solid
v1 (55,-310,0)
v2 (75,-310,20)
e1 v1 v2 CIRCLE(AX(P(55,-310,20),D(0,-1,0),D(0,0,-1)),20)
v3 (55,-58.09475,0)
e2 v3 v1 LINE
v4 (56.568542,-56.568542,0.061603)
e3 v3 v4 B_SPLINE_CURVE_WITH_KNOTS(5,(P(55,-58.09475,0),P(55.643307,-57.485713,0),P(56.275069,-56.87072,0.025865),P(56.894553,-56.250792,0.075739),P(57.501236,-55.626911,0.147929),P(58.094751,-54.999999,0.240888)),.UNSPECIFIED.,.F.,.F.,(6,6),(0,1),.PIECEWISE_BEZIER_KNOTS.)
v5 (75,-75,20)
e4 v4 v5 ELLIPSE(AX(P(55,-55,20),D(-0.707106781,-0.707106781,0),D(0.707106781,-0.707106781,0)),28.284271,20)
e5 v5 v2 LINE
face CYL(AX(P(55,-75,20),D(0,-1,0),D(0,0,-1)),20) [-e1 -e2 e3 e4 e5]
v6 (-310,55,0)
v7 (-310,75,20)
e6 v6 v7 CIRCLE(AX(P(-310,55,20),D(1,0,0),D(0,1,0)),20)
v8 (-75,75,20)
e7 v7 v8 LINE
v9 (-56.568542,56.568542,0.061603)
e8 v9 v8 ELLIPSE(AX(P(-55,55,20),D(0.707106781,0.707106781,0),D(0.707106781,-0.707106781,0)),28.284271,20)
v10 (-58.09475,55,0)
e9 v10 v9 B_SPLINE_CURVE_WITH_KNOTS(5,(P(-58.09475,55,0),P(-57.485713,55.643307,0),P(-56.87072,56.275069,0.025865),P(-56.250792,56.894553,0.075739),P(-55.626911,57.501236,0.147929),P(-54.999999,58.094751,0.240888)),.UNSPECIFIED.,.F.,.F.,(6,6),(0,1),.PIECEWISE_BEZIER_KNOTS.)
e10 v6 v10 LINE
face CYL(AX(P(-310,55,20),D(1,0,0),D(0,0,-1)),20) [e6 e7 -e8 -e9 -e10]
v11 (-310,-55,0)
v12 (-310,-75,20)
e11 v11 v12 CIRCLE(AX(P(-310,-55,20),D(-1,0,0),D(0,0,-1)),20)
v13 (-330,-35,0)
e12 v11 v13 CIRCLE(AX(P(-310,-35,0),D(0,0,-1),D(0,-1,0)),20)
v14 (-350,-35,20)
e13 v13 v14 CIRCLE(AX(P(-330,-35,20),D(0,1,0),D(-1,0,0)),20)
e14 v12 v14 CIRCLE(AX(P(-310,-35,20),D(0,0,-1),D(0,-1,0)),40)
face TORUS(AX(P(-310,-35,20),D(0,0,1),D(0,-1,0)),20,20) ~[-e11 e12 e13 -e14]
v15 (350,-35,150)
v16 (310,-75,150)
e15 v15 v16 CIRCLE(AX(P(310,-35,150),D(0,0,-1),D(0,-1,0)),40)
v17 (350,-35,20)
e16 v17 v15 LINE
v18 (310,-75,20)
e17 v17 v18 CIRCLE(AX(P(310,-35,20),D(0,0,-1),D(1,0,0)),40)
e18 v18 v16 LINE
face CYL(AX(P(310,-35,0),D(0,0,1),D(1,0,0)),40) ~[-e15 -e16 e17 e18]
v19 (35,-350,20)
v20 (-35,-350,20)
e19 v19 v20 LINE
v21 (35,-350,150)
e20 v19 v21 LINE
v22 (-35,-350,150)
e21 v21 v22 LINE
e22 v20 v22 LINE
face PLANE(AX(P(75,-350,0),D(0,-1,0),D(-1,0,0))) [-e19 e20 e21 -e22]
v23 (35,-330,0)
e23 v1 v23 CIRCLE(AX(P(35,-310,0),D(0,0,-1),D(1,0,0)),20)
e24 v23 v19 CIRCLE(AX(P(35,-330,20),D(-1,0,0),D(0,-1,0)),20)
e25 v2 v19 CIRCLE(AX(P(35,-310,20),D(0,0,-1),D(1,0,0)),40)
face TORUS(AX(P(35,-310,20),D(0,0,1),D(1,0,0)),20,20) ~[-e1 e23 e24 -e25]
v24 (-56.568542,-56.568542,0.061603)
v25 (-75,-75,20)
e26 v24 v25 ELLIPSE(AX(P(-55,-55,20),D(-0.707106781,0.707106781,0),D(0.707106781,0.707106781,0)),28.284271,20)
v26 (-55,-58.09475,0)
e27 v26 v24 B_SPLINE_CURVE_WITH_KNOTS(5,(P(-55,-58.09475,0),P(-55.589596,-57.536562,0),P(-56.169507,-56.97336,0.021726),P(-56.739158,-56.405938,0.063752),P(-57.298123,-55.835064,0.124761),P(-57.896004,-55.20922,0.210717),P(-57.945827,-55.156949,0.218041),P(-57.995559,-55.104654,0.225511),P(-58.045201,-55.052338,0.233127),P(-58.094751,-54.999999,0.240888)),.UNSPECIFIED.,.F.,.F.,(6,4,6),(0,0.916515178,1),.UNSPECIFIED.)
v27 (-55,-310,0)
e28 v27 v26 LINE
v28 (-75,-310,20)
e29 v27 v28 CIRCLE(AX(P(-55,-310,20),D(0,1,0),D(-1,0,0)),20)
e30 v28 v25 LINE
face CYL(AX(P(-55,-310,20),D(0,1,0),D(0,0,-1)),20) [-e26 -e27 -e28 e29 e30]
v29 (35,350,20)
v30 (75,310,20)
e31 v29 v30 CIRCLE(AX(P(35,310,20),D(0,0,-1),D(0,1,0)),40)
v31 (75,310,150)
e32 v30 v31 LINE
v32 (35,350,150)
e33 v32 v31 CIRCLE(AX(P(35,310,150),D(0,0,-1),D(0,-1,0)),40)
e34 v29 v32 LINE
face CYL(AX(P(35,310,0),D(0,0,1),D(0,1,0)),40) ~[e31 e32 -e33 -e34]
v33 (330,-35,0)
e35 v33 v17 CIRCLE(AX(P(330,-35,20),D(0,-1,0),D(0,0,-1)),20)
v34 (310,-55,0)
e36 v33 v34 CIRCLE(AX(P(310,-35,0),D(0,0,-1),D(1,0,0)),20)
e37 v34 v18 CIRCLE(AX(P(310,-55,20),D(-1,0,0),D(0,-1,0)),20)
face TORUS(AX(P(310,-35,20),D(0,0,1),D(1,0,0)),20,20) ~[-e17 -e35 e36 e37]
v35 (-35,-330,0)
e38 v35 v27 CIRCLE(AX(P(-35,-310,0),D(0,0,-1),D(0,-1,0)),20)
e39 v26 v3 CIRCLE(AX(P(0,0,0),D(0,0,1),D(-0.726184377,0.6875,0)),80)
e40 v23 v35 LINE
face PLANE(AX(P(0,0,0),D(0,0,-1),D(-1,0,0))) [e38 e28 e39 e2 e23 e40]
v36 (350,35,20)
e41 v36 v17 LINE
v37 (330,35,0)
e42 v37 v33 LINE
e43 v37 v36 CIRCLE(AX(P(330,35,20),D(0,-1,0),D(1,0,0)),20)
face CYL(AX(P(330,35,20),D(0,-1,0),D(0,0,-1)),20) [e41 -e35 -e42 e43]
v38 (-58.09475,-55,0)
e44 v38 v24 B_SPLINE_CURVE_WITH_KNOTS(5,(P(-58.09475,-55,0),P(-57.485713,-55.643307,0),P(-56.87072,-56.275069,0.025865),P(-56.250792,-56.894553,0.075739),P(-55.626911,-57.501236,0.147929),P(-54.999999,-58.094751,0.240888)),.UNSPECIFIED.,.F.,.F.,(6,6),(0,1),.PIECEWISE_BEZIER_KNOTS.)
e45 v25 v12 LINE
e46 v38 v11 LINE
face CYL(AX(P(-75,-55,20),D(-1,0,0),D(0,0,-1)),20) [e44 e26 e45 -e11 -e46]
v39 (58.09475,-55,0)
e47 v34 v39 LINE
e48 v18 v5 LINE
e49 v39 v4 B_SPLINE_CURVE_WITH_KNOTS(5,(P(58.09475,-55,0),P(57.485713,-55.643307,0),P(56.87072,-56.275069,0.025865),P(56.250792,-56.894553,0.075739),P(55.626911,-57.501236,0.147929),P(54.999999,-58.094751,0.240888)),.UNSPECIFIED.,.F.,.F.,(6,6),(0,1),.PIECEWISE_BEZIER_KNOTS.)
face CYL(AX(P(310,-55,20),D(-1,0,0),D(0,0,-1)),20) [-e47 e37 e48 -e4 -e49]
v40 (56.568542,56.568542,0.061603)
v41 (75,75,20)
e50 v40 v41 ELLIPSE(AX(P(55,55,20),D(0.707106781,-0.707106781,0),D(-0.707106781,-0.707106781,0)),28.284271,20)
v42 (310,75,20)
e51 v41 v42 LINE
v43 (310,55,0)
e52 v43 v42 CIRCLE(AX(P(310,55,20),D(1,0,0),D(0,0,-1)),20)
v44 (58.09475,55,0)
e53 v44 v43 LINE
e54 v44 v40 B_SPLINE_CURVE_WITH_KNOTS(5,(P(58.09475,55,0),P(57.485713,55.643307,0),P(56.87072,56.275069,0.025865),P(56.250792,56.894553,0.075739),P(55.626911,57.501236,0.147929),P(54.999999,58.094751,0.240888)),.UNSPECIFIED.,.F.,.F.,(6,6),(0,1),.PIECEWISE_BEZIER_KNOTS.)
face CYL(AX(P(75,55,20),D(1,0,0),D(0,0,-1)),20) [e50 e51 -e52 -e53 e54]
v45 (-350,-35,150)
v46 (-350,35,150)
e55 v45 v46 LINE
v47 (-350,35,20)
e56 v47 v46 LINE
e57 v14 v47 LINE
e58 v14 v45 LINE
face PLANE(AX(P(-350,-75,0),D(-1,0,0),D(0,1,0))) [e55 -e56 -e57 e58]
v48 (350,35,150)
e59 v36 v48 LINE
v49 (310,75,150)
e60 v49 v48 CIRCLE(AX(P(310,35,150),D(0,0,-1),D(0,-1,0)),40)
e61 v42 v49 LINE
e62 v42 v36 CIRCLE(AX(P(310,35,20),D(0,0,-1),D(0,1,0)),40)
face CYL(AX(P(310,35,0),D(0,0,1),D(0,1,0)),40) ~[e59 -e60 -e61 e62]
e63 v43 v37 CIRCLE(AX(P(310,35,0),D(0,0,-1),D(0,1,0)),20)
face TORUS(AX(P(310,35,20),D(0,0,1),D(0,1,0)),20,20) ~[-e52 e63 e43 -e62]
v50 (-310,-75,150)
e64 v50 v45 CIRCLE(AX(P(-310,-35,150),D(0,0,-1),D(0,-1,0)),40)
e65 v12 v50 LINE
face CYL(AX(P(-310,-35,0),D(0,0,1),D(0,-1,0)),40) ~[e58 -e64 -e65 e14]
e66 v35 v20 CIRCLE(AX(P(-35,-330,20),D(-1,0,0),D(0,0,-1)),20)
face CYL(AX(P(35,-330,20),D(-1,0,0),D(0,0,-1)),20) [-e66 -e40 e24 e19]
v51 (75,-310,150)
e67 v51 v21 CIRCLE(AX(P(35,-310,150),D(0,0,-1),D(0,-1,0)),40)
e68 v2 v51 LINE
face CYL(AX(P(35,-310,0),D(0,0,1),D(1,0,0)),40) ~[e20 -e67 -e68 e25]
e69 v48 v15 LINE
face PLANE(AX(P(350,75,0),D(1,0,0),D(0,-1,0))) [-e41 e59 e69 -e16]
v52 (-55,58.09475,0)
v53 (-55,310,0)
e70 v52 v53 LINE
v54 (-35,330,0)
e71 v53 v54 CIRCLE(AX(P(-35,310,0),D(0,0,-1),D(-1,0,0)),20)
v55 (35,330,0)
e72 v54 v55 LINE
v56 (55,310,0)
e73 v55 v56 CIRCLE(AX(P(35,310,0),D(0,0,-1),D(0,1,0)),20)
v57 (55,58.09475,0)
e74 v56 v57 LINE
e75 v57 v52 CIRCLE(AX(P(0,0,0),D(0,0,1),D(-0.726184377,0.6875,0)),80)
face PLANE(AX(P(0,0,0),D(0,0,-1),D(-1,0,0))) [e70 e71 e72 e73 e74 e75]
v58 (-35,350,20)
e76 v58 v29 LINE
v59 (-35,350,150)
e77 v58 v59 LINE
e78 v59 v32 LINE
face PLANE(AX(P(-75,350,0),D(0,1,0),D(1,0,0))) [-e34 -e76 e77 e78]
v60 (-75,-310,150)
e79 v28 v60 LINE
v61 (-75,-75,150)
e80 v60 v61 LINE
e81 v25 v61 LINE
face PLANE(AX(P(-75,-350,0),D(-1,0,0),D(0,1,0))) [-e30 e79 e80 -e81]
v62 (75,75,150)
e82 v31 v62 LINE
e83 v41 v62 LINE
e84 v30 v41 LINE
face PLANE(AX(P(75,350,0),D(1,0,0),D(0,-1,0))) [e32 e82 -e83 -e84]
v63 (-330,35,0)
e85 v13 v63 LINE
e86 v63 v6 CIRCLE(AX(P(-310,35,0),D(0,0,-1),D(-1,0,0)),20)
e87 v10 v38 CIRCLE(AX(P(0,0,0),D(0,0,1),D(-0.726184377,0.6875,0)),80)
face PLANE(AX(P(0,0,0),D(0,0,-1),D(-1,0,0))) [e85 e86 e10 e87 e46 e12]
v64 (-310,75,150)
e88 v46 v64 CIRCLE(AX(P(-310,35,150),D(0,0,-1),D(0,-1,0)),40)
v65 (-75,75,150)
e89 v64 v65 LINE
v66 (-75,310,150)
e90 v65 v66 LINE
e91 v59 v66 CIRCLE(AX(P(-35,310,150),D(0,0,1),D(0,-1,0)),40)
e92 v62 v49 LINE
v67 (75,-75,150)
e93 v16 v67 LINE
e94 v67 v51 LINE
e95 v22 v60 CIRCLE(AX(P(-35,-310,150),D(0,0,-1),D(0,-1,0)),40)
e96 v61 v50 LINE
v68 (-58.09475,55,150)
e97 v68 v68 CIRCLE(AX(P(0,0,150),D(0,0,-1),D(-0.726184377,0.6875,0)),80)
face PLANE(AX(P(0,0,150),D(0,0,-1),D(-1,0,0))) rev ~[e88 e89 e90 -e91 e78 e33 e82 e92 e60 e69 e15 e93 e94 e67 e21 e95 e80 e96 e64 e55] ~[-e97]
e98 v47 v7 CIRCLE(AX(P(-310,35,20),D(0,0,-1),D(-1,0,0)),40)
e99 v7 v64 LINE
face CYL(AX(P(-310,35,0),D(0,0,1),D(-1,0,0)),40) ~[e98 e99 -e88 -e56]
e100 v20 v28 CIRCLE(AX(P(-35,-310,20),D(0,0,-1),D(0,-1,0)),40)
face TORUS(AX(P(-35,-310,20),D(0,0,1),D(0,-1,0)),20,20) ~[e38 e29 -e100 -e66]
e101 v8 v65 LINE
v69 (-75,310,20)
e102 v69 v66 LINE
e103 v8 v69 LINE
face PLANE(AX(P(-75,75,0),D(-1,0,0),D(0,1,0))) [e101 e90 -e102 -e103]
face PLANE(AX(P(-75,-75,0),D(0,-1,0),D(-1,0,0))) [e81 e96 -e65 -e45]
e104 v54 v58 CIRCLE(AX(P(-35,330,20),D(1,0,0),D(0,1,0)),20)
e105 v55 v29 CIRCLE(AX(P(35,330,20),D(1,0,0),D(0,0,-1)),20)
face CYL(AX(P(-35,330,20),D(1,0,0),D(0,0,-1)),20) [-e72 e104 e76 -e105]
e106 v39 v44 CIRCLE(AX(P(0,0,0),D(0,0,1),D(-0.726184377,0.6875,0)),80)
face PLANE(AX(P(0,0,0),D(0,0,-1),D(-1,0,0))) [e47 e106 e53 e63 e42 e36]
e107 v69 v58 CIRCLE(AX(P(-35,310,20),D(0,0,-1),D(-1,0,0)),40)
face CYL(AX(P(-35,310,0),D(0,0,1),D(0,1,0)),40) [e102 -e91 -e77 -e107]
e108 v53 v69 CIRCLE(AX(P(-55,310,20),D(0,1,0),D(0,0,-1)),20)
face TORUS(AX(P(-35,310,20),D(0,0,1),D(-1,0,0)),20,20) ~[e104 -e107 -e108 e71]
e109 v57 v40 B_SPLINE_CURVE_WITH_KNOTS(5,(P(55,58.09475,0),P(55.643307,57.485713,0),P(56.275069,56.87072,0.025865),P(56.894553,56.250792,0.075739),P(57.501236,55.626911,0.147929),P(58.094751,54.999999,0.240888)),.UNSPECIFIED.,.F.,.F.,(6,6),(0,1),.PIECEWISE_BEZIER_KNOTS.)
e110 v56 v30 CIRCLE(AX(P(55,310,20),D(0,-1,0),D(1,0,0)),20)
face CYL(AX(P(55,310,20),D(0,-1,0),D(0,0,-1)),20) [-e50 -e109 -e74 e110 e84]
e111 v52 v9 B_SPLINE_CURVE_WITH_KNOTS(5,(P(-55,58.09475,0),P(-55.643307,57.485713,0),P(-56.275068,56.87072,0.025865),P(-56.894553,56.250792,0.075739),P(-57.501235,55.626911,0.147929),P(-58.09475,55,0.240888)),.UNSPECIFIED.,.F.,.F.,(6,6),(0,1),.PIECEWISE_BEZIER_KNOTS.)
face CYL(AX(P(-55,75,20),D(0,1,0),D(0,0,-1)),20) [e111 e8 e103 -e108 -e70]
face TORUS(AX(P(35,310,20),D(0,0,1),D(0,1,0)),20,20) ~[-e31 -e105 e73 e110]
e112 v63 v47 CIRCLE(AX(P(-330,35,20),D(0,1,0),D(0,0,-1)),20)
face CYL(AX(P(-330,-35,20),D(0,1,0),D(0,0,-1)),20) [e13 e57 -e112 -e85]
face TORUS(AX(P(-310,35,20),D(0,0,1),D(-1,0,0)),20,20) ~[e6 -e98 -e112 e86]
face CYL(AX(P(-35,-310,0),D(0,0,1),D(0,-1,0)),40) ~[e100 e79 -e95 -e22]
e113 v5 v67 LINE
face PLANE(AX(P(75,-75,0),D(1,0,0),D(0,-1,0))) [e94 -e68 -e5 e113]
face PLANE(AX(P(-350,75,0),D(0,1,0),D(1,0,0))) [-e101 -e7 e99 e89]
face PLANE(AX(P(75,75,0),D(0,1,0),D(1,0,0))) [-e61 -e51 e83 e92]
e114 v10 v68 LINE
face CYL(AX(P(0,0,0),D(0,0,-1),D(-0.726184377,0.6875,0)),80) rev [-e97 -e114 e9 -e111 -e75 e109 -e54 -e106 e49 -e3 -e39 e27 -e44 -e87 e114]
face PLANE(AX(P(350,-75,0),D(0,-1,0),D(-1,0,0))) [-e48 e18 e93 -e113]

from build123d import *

# Parameters (mm, degrees)
BOSS_EXTRUDE1_DEPTH = 150
FILLET1_R           = 40
FILLET2_R           = 20
SKETCH7_R           = 80
CUT_EXTRUDE1_DEPTH  = 518.204021639


with BuildPart() as part:
    # Sketch2 → Boss-Extrude1 (new body)
    with BuildSketch(Plane.XY):
        Polygon((-75, 350), (75, 350), (75, 75), (350, 75), (350, -75), (75, -75), (75, -350), (-75, -350), (-75, -75), (-350, -75), (-350, 75), (-75, 75), align=None)
    extrude(amount=BOSS_EXTRUDE1_DEPTH)

    # Fillet1
    fillet1_edges = [part.edges().sort_by_distance(p)[0] for p in [
        (75, -350, 75),
        (-75, -350, 75),
        (-350, -75, 75),
        (-350, 75, 75),
        (-75, 350, 75),
        (75, 350, 75),
        (350, 75, 75),
        (350, -75, 75),
    ]]
    fillet(fillet1_edges, radius=FILLET1_R)

    # Fillet2
    fillet2_edges = [part.edges().sort_by_distance(p)[0] for p in [
        (-75, -192.5, 0),
        (-192.5, 75, 0),
        (75, 192.5, 0),
        (192.5, -75, 0),
        (0, 350, 0),
        (75, -192.5, 0),
        (0, -350, 0),
        (-192.5, -75, 0),
        (-350, 0, 0),
        (-75, 192.5, 0),
        (192.5, 75, 0),
        (350, 0, 0),
        (338.284271247, 63.284271247, 0),
        (338.284271247, -63.284271247, 0),
        (63.284271247, -338.284271247, 0),
        (-63.284271247, -338.284271247, 0),
        (-338.284271247, -63.284271247, 0),
        (-338.284271247, 63.284271247, 0),
        (-63.284271247, 338.284271247, 0),
        (63.284271247, 338.284271247, 0),
    ]]
    fillet(fillet2_edges, radius=FILLET2_R)

    # Sketch7 → Cut-Extrude1 (cut, through all)
    with BuildSketch(Plane.XY):
        with Locations(Location((0, 0, 0), (0, 0, 136.567463442))):
            Circle(SKETCH7_R)
    extrude(amount=CUT_EXTRUDE1_DEPTH, mode=Mode.SUBTRACT)


solid = part.part
